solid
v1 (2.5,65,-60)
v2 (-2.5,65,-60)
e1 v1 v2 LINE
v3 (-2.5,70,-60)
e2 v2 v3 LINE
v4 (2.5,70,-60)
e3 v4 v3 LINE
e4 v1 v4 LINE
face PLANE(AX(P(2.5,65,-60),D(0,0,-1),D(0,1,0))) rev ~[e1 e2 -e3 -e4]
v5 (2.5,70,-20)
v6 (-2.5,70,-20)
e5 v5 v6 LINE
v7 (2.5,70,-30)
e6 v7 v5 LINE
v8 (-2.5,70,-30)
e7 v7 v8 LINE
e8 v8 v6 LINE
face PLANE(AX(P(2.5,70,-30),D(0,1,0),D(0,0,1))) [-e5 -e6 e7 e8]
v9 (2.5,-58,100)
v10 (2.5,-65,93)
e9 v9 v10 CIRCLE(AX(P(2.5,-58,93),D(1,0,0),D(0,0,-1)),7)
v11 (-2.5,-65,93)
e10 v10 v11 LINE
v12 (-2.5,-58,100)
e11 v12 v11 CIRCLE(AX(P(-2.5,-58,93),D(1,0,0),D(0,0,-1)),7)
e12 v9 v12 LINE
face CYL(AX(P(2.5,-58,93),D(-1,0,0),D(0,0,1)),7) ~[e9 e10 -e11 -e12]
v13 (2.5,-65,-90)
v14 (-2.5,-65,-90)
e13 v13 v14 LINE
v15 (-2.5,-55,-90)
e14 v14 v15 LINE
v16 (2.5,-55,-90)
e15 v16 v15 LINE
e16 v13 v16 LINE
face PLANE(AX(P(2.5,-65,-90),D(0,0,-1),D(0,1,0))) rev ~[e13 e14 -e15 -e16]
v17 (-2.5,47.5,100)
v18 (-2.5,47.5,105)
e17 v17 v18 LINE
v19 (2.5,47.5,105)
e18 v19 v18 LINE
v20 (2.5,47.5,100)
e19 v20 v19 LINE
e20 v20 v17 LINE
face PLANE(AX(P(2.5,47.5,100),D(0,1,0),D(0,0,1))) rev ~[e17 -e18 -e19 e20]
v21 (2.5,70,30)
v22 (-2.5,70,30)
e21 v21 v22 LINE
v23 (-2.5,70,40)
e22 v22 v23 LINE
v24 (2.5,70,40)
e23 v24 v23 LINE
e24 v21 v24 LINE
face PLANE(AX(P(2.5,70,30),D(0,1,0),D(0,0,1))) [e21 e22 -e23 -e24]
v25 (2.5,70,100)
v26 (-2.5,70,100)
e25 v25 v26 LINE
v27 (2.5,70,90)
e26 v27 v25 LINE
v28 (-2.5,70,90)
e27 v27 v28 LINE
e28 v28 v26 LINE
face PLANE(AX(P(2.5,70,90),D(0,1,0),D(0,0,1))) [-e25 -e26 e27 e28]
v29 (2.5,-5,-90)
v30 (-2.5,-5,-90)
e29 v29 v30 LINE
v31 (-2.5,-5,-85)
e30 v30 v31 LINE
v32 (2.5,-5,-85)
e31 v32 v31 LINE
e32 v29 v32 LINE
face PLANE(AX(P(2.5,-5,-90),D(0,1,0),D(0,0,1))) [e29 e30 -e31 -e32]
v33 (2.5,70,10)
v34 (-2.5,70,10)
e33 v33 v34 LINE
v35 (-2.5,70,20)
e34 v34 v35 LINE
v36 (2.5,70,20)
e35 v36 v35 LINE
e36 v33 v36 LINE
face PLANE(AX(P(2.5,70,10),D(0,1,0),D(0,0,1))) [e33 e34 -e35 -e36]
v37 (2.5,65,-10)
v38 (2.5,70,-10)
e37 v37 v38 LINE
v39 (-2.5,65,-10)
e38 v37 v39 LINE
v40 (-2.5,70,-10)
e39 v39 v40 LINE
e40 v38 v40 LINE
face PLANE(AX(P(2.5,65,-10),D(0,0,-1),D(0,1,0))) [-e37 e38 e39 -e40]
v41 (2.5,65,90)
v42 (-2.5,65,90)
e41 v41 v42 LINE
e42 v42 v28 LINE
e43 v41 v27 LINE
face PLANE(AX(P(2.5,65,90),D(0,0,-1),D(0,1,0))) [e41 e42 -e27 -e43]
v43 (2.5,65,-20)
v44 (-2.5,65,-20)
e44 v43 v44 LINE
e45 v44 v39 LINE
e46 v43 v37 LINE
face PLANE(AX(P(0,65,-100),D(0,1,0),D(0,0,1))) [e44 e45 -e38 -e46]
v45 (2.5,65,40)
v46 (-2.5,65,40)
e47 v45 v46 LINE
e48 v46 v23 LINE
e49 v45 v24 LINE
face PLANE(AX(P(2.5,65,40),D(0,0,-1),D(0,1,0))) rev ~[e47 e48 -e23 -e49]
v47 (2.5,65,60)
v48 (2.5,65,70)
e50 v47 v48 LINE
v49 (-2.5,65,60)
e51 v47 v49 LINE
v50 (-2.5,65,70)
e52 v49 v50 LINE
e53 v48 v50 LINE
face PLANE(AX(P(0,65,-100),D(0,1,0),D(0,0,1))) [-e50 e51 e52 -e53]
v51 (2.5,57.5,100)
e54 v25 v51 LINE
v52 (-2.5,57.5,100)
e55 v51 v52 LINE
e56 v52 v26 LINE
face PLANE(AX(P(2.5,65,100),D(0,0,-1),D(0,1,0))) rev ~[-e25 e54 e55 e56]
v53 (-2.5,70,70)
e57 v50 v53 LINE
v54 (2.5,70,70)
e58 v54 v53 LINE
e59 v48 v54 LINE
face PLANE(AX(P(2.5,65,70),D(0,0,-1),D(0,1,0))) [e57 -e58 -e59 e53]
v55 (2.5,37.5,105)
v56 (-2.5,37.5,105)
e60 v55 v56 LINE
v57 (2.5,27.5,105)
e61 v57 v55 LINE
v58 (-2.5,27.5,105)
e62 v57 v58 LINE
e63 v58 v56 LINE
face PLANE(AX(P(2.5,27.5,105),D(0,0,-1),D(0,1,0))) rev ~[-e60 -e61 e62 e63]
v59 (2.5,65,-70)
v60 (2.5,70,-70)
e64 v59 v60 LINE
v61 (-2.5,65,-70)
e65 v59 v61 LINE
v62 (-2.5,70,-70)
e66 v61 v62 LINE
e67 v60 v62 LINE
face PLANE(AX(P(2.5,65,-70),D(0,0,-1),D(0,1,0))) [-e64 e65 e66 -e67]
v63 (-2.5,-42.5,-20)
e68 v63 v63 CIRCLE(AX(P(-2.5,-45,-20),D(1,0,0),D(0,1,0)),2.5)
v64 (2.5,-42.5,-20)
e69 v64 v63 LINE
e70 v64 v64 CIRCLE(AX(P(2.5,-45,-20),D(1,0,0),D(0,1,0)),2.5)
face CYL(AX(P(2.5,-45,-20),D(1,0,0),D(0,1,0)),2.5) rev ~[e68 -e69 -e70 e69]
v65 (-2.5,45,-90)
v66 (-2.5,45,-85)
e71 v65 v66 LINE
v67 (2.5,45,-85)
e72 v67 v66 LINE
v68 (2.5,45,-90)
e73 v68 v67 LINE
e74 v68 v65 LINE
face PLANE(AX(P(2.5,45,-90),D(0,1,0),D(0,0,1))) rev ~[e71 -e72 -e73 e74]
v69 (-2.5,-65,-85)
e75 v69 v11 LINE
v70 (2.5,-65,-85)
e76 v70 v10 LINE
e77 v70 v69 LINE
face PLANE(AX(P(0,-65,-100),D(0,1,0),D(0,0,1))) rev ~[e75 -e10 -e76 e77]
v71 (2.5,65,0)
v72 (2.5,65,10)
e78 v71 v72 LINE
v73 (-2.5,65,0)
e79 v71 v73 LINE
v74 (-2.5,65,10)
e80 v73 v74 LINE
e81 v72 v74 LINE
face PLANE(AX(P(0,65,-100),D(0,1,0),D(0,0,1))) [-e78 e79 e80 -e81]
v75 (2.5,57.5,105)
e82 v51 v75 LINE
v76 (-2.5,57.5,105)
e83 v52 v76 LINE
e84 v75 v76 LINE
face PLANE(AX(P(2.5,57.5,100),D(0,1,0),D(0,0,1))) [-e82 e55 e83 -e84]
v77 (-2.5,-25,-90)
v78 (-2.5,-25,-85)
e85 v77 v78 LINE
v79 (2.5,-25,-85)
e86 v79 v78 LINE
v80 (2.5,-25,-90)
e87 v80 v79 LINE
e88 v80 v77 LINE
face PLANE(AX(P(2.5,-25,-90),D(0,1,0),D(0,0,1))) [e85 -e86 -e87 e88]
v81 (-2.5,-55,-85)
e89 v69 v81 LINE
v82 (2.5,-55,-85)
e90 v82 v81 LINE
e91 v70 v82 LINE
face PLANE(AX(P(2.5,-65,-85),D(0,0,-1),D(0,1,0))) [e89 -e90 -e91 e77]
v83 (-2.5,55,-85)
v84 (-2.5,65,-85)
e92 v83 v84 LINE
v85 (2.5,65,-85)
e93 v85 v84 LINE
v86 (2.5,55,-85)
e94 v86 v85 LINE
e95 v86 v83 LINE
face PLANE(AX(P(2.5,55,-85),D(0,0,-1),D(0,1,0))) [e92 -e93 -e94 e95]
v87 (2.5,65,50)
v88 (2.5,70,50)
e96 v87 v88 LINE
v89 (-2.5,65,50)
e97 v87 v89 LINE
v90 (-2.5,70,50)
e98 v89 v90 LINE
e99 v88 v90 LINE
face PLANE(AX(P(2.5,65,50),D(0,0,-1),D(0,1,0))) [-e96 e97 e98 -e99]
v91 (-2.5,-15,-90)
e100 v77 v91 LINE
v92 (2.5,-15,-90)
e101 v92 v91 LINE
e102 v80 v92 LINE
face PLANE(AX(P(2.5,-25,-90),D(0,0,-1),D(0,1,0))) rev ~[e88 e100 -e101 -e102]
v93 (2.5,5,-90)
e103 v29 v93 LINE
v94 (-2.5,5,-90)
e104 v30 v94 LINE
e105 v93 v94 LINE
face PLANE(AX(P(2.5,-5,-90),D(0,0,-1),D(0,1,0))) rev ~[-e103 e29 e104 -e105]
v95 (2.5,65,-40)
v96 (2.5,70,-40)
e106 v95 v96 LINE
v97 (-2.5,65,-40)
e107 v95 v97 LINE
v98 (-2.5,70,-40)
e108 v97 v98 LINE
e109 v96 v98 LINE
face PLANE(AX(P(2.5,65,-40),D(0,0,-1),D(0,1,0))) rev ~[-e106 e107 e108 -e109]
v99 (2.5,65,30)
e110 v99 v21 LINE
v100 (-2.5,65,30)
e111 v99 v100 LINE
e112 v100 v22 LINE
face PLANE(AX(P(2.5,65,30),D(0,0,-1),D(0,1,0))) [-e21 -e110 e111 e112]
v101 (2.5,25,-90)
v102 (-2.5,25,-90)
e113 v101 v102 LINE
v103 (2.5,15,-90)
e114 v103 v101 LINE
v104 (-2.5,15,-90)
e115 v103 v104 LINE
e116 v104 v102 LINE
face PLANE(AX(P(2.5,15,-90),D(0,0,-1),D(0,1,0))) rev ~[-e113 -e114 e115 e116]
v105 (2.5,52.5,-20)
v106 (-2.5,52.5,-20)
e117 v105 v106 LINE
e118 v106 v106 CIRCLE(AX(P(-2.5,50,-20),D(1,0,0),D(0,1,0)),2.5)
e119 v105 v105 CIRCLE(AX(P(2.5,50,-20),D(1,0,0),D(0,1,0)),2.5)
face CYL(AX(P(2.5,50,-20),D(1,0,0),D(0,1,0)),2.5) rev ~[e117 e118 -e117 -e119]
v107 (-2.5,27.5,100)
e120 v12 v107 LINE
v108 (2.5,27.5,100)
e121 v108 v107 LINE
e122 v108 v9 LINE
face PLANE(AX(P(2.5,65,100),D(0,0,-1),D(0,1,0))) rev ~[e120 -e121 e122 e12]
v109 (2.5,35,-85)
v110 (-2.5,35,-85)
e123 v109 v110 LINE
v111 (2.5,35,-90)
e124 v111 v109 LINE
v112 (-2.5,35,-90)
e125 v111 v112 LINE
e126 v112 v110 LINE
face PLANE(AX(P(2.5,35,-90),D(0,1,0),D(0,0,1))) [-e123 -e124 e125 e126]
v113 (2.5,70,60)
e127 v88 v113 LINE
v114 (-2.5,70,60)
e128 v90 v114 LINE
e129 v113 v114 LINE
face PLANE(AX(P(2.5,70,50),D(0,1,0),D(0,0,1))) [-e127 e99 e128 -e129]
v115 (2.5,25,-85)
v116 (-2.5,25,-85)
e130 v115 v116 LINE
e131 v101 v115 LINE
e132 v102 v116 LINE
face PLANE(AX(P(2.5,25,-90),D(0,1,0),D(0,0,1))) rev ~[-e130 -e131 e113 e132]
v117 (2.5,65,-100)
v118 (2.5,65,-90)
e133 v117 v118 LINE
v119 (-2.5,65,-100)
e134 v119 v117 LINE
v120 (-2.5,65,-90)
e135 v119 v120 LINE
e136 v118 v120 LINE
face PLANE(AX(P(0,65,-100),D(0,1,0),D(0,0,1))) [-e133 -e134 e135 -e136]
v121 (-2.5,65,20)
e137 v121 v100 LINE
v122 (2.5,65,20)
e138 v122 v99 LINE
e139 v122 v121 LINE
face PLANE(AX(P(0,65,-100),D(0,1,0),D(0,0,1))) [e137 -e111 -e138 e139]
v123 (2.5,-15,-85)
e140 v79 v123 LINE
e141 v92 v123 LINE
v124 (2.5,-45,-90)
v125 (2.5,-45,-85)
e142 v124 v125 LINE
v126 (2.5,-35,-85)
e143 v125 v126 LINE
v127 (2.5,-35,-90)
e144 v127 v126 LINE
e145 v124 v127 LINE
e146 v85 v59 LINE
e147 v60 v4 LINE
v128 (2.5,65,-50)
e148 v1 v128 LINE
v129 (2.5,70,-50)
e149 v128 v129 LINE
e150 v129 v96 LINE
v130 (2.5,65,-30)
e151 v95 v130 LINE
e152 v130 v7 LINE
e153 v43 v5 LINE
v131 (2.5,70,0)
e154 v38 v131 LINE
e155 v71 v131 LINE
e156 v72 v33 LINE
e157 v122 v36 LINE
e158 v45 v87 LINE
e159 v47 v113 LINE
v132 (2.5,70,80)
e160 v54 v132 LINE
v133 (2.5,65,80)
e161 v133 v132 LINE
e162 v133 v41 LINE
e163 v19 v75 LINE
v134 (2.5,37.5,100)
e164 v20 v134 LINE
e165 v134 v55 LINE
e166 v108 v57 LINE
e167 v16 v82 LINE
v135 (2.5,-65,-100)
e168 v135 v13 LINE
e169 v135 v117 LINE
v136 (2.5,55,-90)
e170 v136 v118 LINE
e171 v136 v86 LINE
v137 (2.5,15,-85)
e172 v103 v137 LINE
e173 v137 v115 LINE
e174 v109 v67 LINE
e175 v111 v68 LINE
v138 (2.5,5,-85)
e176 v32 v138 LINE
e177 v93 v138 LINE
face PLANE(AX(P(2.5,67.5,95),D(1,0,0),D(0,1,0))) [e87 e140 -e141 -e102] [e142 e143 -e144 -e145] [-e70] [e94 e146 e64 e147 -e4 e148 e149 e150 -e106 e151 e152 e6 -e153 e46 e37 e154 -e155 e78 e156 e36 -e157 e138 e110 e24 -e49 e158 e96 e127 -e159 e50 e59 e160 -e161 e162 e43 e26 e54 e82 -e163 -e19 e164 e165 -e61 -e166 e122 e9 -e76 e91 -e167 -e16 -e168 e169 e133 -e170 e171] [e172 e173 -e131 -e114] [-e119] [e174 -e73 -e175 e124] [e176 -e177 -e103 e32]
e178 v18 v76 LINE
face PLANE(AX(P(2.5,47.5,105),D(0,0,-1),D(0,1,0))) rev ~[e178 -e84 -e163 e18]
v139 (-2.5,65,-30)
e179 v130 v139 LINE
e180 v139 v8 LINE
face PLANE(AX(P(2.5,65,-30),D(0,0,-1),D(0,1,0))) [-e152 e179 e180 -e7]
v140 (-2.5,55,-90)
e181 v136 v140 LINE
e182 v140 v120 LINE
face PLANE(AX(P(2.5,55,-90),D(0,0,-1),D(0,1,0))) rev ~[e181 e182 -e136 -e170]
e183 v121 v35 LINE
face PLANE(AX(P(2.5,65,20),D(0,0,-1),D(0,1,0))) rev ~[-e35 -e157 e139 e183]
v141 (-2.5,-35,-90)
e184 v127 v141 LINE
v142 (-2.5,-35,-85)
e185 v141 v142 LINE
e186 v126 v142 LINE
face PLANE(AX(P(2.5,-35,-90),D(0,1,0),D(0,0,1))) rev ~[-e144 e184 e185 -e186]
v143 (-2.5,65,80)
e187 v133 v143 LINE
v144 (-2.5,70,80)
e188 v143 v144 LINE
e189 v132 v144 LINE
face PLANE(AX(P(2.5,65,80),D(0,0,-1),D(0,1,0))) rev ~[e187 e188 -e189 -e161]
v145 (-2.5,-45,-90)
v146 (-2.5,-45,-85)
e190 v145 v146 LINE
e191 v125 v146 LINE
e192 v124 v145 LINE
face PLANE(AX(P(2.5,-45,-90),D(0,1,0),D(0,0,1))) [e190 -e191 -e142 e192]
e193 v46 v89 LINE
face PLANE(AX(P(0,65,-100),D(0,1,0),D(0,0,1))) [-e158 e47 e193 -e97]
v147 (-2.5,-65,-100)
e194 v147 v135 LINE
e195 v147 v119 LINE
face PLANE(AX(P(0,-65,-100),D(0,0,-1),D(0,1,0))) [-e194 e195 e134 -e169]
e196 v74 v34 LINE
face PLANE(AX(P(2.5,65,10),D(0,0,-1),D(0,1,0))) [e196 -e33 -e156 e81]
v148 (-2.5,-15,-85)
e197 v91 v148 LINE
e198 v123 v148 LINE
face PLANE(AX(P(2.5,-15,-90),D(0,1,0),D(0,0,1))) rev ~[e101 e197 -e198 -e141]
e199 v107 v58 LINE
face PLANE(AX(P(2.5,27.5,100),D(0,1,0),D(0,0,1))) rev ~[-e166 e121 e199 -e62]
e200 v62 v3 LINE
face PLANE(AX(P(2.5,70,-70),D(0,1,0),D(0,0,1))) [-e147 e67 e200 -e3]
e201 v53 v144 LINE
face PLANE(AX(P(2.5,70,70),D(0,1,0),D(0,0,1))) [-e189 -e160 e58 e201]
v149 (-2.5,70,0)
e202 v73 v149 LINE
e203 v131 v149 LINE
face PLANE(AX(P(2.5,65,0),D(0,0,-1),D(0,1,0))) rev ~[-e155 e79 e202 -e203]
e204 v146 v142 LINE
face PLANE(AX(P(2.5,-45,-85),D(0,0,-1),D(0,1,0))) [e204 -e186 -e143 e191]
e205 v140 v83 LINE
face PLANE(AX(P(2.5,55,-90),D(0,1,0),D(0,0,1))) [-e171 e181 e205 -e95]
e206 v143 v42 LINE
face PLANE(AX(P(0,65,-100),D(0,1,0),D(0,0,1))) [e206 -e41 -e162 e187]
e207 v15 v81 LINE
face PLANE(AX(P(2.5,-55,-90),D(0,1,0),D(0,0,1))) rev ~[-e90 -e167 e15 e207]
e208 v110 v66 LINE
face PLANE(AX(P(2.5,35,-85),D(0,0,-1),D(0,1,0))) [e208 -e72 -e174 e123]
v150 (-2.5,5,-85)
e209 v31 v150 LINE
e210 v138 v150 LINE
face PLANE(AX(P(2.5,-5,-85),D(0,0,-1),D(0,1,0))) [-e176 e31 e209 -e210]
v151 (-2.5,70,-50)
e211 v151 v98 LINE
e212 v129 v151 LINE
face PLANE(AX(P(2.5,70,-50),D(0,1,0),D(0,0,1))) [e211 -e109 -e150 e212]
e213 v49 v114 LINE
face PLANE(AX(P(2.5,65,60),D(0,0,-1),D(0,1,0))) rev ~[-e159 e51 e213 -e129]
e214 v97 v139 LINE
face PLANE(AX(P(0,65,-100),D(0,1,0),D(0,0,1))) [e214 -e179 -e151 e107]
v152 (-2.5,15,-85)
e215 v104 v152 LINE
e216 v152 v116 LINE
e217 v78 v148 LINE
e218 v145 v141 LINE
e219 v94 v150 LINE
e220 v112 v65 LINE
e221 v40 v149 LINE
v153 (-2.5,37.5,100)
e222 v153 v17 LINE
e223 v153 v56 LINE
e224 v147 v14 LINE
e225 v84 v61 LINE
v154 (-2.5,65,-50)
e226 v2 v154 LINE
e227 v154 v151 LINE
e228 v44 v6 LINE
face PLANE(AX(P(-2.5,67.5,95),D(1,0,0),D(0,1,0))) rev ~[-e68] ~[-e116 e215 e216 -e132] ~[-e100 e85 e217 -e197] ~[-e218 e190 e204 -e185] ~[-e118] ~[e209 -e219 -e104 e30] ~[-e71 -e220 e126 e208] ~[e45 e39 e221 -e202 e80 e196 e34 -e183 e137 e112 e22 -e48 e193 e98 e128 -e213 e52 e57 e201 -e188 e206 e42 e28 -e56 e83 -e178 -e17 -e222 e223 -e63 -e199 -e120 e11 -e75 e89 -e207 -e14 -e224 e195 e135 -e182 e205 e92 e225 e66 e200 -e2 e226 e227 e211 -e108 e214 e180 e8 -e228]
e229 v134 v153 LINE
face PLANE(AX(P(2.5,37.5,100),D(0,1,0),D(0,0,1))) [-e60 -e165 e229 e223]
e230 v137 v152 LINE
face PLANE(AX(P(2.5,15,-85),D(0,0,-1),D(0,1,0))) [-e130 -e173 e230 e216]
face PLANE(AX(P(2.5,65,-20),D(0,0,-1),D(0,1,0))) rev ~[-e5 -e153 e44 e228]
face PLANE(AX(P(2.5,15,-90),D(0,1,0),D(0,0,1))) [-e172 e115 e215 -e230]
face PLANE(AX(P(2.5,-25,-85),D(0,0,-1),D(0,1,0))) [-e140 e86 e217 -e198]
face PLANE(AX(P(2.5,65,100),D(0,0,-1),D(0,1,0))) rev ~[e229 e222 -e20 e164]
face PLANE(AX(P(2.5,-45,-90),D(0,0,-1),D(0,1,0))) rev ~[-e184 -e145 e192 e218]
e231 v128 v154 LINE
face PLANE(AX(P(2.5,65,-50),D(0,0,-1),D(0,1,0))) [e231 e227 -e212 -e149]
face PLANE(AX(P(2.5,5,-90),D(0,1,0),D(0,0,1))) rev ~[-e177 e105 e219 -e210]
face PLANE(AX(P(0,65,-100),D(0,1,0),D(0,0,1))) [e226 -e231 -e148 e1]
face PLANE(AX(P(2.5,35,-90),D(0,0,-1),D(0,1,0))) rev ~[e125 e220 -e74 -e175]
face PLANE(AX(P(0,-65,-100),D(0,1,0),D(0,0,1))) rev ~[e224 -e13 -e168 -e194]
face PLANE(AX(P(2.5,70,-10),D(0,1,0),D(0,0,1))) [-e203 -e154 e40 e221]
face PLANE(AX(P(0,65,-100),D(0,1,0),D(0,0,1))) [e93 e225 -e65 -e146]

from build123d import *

# Parameters (mm, degrees)
SKETCH_W        = 130
SKETCH_H        = 200
PAD_DEPTH       = 2.5
SKETCH001_R     = 2.5
POCKET_DEPTH    = 5.001
SKETCH002_W     = 10
SKETCH002_H     = 5
POCKET001_DEPTH = 5.001
SKETCH003_W     = 5
SKETCH003_H     = 10
PAD001_DEPTH    = 5
SKETCH004_W     = 10
SKETCH004_H     = 5
PAD002_DEPTH    = 5
FILLET_R        = 7


with BuildPart() as part:
    # Sketch → Pad (new body, symmetric)
    with BuildSketch(Plane.YZ):
        Rectangle(SKETCH_W, SKETCH_H)
    extrude(amount=PAD_DEPTH, both=True)

    # Sketch001 (on Face6 of Pad) → Pocket (cut, through all)
    with BuildSketch(Plane.YZ.offset(2.5)):
        with Locations((-45, -20)):
            Circle(SKETCH001_R)
        with Locations((50, -20)):
            Circle(SKETCH001_R)
    extrude(amount=-POCKET_DEPTH, mode=Mode.SUBTRACT)

    # Sketch002 (on Face5 of Pocket) → Pocket001 (cut, through all)
    with BuildSketch(Plane.YZ.offset(2.5)):
        with Locations((-60, -87.5)):
            Rectangle(SKETCH002_W, SKETCH002_H)
        with Locations((-40, -87.5)):
            Rectangle(SKETCH002_W, SKETCH002_H)
        with Locations((-20, -87.5)):
            Rectangle(SKETCH002_W, SKETCH002_H)
        with Locations((0, -87.5)):
            Rectangle(SKETCH002_W, SKETCH002_H)
        with Locations((20, -87.5)):
            Rectangle(SKETCH002_W, SKETCH002_H)
        with Locations((40, -87.5)):
            Rectangle(SKETCH002_W, SKETCH002_H)
        with Locations((60, -87.5)):
            Rectangle(SKETCH002_W, SKETCH002_H)
    extrude(amount=-POCKET001_DEPTH, mode=Mode.SUBTRACT)

    # Sketch003 (on Face5 of Pocket001) → Pad001 (join)
    with BuildSketch(Plane.YZ.offset(2.5)):
        with Locations((67.5, 95)):
            Rectangle(SKETCH003_W, SKETCH003_H)
        with Locations((67.5, 75)):
            Rectangle(SKETCH003_W, SKETCH003_H)
        with Locations((67.5, 55)):
            Rectangle(SKETCH003_W, SKETCH003_H)
        with Locations((67.5, 35)):
            Rectangle(SKETCH003_W, SKETCH003_H)
        with Locations((67.5, 15)):
            Rectangle(SKETCH003_W, SKETCH003_H)
        with Locations((67.5, -5)):
            Rectangle(SKETCH003_W, SKETCH003_H)
        with Locations((67.5, -25)):
            Rectangle(SKETCH003_W, SKETCH003_H)
        with Locations((67.5, -45)):
            Rectangle(SKETCH003_W, SKETCH003_H)
        with Locations((67.5, -65)):
            Rectangle(SKETCH003_W, SKETCH003_H)
    extrude(amount=-PAD001_DEPTH)

    # Sketch004 (on Face69 of Pad001) → Pad002 (join)
    with BuildSketch(Plane.YZ.offset(2.5)):
        with Locations((32.5, 102.5)):
            Rectangle(SKETCH004_W, SKETCH004_H)
        with Locations((52.5, 102.5)):
            Rectangle(SKETCH004_W, SKETCH004_H)
    extrude(amount=-PAD002_DEPTH)

    # Fillet
    fillet_edges = [part.edges().sort_by_distance(p)[0] for p in [
        (0, -65, 100),
    ]]
    fillet(fillet_edges, radius=FILLET_R)


solid = part.part
